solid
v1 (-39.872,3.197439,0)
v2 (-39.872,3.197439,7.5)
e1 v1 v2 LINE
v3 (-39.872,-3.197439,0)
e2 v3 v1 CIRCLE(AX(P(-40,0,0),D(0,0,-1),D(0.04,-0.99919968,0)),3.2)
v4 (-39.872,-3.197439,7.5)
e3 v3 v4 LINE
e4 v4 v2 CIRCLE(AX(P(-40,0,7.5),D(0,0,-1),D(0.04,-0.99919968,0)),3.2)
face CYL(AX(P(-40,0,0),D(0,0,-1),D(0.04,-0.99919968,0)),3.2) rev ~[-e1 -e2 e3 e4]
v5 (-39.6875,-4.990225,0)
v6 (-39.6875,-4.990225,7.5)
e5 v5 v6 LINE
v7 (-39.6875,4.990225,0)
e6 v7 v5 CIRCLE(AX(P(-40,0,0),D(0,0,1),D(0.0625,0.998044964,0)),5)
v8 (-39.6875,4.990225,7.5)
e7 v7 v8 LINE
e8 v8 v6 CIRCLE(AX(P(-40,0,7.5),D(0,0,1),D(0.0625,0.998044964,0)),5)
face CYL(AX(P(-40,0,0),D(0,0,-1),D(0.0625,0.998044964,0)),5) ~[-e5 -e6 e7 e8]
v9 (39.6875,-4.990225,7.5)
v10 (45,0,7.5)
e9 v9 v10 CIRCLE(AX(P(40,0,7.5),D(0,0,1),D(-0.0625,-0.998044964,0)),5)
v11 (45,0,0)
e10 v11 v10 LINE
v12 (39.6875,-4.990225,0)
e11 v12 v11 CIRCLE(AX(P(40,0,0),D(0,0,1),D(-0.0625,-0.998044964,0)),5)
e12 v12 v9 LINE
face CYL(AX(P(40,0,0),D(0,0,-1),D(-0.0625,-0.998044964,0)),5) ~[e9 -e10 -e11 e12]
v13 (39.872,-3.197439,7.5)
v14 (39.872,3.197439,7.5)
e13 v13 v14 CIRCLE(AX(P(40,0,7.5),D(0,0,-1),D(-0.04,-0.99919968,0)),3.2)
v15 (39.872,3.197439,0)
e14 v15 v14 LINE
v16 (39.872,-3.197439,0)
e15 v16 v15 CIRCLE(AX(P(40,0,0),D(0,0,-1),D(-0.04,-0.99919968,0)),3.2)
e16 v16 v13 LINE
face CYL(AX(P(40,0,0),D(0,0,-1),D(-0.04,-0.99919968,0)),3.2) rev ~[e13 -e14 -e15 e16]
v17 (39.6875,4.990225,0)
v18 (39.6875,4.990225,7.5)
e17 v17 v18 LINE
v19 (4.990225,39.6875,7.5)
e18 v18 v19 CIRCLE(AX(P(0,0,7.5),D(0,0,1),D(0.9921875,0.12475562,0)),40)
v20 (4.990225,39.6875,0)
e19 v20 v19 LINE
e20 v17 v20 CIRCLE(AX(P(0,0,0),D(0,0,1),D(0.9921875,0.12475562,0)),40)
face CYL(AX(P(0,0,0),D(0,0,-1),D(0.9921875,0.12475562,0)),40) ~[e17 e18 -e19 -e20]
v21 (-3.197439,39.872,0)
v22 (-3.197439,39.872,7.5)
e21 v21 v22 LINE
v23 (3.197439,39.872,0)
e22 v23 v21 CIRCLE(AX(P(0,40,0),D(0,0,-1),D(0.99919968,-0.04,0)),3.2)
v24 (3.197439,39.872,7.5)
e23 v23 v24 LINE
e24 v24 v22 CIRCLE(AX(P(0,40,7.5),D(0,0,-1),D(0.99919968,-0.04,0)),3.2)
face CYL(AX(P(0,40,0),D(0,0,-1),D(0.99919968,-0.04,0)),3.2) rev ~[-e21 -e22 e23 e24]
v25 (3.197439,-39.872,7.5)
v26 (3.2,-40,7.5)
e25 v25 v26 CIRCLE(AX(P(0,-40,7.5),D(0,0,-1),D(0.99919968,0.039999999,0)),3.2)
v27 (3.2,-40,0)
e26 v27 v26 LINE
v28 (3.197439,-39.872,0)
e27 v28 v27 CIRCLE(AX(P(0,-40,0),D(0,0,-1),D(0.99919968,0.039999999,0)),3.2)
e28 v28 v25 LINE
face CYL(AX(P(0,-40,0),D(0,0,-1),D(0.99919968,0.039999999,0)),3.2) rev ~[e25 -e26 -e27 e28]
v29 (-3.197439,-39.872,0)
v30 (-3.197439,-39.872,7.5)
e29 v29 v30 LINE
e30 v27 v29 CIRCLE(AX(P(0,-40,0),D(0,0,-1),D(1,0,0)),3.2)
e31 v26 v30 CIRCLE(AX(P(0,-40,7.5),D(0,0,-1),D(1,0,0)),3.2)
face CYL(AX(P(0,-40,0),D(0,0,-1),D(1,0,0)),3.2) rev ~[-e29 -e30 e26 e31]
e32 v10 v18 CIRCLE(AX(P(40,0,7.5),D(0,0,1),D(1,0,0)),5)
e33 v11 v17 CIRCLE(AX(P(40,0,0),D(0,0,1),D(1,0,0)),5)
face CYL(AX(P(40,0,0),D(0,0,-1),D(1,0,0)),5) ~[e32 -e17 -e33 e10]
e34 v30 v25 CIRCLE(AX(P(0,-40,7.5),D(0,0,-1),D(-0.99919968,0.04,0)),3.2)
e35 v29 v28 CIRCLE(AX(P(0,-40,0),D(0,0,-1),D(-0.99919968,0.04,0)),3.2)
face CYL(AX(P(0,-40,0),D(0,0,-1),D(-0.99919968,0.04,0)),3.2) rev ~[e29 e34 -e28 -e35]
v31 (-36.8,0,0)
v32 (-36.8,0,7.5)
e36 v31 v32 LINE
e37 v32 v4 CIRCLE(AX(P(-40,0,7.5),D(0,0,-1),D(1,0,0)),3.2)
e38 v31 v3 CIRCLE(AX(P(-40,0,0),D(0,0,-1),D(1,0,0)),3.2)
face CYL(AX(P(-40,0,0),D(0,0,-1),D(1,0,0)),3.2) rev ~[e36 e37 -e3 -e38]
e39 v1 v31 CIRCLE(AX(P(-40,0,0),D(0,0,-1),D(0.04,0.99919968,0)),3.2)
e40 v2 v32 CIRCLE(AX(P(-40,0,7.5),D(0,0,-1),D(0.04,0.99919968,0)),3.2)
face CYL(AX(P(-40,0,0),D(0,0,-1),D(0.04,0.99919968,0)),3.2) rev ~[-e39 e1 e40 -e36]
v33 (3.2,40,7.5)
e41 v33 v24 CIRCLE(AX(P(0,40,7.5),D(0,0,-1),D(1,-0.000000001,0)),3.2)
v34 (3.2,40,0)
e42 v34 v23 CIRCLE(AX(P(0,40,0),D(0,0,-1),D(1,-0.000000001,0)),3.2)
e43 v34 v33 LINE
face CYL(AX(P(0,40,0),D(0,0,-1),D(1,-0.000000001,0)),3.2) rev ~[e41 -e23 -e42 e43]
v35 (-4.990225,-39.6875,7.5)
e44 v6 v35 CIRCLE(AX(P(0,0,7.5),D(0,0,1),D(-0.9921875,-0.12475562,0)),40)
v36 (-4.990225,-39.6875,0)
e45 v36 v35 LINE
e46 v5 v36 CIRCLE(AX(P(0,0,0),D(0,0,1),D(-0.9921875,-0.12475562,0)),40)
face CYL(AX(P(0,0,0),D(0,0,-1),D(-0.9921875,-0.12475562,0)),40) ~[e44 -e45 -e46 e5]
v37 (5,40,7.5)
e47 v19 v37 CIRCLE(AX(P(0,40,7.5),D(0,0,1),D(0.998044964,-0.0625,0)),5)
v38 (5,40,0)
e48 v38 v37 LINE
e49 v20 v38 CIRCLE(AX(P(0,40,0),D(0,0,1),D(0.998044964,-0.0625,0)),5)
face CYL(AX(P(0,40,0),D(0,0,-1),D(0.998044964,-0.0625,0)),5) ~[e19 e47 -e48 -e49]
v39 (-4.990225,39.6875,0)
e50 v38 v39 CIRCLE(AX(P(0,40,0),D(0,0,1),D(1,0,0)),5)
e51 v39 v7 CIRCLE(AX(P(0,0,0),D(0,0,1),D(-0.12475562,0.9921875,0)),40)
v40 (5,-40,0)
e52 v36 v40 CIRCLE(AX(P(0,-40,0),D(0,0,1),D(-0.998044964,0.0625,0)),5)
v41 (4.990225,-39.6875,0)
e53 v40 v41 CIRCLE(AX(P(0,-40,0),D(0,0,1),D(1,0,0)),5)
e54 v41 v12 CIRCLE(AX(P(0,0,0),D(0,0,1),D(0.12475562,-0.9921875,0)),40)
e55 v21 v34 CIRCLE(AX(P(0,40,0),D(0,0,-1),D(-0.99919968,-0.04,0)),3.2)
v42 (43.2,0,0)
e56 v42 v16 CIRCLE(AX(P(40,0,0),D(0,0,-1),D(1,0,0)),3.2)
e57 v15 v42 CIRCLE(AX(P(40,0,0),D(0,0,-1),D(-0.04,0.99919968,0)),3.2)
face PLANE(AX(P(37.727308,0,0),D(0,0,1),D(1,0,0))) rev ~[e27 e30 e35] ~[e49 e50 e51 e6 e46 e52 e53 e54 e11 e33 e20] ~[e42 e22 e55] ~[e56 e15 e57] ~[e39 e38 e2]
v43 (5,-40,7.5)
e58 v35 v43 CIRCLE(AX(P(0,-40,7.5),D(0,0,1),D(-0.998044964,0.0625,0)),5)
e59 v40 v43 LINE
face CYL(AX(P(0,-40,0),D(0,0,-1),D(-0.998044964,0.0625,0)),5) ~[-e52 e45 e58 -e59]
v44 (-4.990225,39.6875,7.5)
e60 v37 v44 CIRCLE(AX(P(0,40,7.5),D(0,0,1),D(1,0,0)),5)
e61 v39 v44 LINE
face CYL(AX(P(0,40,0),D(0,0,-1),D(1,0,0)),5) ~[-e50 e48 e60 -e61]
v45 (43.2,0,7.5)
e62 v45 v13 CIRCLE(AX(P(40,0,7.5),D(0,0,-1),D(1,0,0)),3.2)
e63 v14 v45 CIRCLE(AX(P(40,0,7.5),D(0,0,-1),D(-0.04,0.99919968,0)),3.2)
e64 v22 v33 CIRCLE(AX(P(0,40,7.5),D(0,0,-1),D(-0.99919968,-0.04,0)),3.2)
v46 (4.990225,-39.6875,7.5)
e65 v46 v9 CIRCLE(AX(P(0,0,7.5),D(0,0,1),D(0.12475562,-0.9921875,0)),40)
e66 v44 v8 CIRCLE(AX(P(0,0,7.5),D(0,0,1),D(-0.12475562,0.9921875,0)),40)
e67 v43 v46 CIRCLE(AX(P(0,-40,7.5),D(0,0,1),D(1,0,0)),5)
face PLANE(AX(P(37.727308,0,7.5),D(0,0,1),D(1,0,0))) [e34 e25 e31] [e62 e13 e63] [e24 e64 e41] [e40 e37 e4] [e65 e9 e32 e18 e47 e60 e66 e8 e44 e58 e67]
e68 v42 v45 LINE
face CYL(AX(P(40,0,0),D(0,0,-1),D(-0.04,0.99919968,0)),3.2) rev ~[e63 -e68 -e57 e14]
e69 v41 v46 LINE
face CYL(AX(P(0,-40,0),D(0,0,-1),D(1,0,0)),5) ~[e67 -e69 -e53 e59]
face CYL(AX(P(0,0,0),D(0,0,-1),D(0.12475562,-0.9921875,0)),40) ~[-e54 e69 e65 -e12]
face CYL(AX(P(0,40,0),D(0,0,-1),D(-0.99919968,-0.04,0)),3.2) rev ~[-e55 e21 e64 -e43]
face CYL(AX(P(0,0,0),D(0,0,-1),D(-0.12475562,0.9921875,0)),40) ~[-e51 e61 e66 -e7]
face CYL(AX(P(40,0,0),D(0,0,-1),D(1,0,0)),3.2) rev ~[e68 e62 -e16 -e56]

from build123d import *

# Parameters (mm, degrees)
F1_DEPTH = 7.5


with BuildPart() as f1:
    # F0 (on Top) → F1 (new body)
    with BuildSketch(Plane.XY):
        with BuildLine():
            ThreePointArc((39.872, -3.1974389752), (36.8, 0), (39.872, 3.1974389752))
            ThreePointArc((39.872, 3.1974389752), (39.7898483326, 4.0948711416), (39.6875, 4.9902248196))
            ThreePointArc((39.6875, 4.9902248196), (35, 0), (39.6875, -4.9902248196))
            ThreePointArc((39.6875, -4.9902248196), (39.7898483326, -4.0948711416), (39.872, -3.1974389752))
        make_face()
        with BuildLine():
            ThreePointArc((39.6875, 4.9902248196), (39.7898483326, 4.0948711416), (39.872, 3.1974389752))
            ThreePointArc((39.872, 3.1974389752), (42.2170250337, 2.3075528163), (43.2, 0))
            ThreePointArc((43.2, 0), (42.2170250337, -2.3075528163), (39.872, -3.1974389752))
            ThreePointArc((39.872, -3.1974389752), (39.7898483326, -4.0948711416), (39.6875, -4.9902248196))
            ThreePointArc((39.6875, -4.9902248196), (43.4232659844, -3.6443449343), (45, 0))
            ThreePointArc((45, 0), (43.4232659844, 3.6443449343), (39.6875, 4.9902248196))
        make_face()
        with BuildLine():
            ThreePointArc((39.6875, -4.9902248196), (35, 0), (39.6875, 4.9902248196))
            ThreePointArc((39.6875, 4.9902248196), (28.2842712475, 28.2842712475), (4.9902248196, 39.6875))
            ThreePointArc((4.9902248196, 39.6875), (0, 35), (-4.9902248196, 39.6875))
            ThreePointArc((-4.9902248196, 39.6875), (-28.2842712475, 28.2842712475), (-39.6875, 4.9902248196))
            ThreePointArc((-39.6875, 4.9902248196), (-36.3556550657, 3.4232659844), (-35, 0))
            ThreePointArc((-35, 0), (-36.3556550657, -3.4232659844), (-39.6875, -4.9902248196))
            ThreePointArc((-39.6875, -4.9902248196), (-28.2842712475, -28.2842712475), (-4.9902248196, -39.6875))
            ThreePointArc((-4.9902248196, -39.6875), (0, -35), (4.9902248196, -39.6875))
            ThreePointArc((4.9902248196, -39.6875), (28.2842712475, -28.2842712475), (39.6875, -4.9902248196))
        make_face()
        with BuildLine():
            ThreePointArc((-4.9902248196, 39.6875), (0, 35), (4.9902248196, 39.6875))
            ThreePointArc((4.9902248196, 39.6875), (4.0948711416, 39.7898483326), (3.1974389752, 39.872))
            ThreePointArc((3.1974389752, 39.872), (0, 36.8), (-3.1974389752, 39.872))
            ThreePointArc((-3.1974389752, 39.872), (-4.0948711416, 39.7898483326), (-4.9902248196, 39.6875))
        make_face()
        with BuildLine():
            ThreePointArc((3.1974389752, 39.872), (4.0948711416, 39.7898483326), (4.9902248196, 39.6875))
            ThreePointArc((4.9902248196, 39.6875), (4.9975556074, 39.8436735754), (5, 40))
            ThreePointArc((5, 40), (-0.1563264246, 44.9975556074), (-4.9902248196, 39.6875))
            ThreePointArc((-4.9902248196, 39.6875), (-4.0948711416, 39.7898483326), (-3.1974389752, 39.872))
            ThreePointArc((-3.1974389752, 39.872), (-0.064012809, 43.1993596797), (3.2, 40))
            ThreePointArc((3.2, 40), (3.1993596797, 39.935987191), (3.1974389752, 39.872))
        make_face()
        with BuildLine():
            ThreePointArc((5, -40), (4.9975556074, -39.8436735754), (4.9902248196, -39.6875))
            ThreePointArc((4.9902248196, -39.6875), (4.0948711416, -39.7898483326), (3.1974389752, -39.872))
            ThreePointArc((3.1974389752, -39.872), (3.1993596797, -39.935987191), (3.2, -40))
            ThreePointArc((3.2, -40), (-0.064012809, -43.1993596797), (-3.1974389752, -39.872))
            ThreePointArc((-3.1974389752, -39.872), (-4.0948711416, -39.7898483326), (-4.9902248196, -39.6875))
            ThreePointArc((-4.9902248196, -39.6875), (-0.1563264246, -44.9975556074), (5, -40))
        make_face()
        with BuildLine():
            ThreePointArc((3.1974389752, -39.872), (4.0948711416, -39.7898483326), (4.9902248196, -39.6875))
            ThreePointArc((4.9902248196, -39.6875), (0, -35), (-4.9902248196, -39.6875))
            ThreePointArc((-4.9902248196, -39.6875), (-4.0948711416, -39.7898483326), (-3.1974389752, -39.872))
            ThreePointArc((-3.1974389752, -39.872), (0, -36.8), (3.1974389752, -39.872))
        make_face()
        with BuildLine():
            ThreePointArc((-35, 0), (-36.3556550657, 3.4232659844), (-39.6875, 4.9902248196))
            ThreePointArc((-39.6875, 4.9902248196), (-39.7898483326, 4.0948711416), (-39.872, 3.1974389752))
            ThreePointArc((-39.872, 3.1974389752), (-37.6924471837, 2.2170250337), (-36.8, 0))
            ThreePointArc((-36.8, 0), (-37.6924471837, -2.2170250337), (-39.872, -3.1974389752))
            ThreePointArc((-39.872, -3.1974389752), (-39.7898483326, -4.0948711416), (-39.6875, -4.9902248196))
            ThreePointArc((-39.6875, -4.9902248196), (-36.3556550657, -3.4232659844), (-35, 0))
        make_face()
        with BuildLine():
            ThreePointArc((-39.872, 3.1974389752), (-39.7898483326, 4.0948711416), (-39.6875, 4.9902248196))
            ThreePointArc((-39.6875, 4.9902248196), (-45, 0), (-39.6875, -4.9902248196))
            ThreePointArc((-39.6875, -4.9902248196), (-39.7898483326, -4.0948711416), (-39.872, -3.1974389752))
            ThreePointArc((-39.872, -3.1974389752), (-43.2, 0), (-39.872, 3.1974389752))
        make_face()
    extrude(amount=F1_DEPTH)


solid = f1.part
